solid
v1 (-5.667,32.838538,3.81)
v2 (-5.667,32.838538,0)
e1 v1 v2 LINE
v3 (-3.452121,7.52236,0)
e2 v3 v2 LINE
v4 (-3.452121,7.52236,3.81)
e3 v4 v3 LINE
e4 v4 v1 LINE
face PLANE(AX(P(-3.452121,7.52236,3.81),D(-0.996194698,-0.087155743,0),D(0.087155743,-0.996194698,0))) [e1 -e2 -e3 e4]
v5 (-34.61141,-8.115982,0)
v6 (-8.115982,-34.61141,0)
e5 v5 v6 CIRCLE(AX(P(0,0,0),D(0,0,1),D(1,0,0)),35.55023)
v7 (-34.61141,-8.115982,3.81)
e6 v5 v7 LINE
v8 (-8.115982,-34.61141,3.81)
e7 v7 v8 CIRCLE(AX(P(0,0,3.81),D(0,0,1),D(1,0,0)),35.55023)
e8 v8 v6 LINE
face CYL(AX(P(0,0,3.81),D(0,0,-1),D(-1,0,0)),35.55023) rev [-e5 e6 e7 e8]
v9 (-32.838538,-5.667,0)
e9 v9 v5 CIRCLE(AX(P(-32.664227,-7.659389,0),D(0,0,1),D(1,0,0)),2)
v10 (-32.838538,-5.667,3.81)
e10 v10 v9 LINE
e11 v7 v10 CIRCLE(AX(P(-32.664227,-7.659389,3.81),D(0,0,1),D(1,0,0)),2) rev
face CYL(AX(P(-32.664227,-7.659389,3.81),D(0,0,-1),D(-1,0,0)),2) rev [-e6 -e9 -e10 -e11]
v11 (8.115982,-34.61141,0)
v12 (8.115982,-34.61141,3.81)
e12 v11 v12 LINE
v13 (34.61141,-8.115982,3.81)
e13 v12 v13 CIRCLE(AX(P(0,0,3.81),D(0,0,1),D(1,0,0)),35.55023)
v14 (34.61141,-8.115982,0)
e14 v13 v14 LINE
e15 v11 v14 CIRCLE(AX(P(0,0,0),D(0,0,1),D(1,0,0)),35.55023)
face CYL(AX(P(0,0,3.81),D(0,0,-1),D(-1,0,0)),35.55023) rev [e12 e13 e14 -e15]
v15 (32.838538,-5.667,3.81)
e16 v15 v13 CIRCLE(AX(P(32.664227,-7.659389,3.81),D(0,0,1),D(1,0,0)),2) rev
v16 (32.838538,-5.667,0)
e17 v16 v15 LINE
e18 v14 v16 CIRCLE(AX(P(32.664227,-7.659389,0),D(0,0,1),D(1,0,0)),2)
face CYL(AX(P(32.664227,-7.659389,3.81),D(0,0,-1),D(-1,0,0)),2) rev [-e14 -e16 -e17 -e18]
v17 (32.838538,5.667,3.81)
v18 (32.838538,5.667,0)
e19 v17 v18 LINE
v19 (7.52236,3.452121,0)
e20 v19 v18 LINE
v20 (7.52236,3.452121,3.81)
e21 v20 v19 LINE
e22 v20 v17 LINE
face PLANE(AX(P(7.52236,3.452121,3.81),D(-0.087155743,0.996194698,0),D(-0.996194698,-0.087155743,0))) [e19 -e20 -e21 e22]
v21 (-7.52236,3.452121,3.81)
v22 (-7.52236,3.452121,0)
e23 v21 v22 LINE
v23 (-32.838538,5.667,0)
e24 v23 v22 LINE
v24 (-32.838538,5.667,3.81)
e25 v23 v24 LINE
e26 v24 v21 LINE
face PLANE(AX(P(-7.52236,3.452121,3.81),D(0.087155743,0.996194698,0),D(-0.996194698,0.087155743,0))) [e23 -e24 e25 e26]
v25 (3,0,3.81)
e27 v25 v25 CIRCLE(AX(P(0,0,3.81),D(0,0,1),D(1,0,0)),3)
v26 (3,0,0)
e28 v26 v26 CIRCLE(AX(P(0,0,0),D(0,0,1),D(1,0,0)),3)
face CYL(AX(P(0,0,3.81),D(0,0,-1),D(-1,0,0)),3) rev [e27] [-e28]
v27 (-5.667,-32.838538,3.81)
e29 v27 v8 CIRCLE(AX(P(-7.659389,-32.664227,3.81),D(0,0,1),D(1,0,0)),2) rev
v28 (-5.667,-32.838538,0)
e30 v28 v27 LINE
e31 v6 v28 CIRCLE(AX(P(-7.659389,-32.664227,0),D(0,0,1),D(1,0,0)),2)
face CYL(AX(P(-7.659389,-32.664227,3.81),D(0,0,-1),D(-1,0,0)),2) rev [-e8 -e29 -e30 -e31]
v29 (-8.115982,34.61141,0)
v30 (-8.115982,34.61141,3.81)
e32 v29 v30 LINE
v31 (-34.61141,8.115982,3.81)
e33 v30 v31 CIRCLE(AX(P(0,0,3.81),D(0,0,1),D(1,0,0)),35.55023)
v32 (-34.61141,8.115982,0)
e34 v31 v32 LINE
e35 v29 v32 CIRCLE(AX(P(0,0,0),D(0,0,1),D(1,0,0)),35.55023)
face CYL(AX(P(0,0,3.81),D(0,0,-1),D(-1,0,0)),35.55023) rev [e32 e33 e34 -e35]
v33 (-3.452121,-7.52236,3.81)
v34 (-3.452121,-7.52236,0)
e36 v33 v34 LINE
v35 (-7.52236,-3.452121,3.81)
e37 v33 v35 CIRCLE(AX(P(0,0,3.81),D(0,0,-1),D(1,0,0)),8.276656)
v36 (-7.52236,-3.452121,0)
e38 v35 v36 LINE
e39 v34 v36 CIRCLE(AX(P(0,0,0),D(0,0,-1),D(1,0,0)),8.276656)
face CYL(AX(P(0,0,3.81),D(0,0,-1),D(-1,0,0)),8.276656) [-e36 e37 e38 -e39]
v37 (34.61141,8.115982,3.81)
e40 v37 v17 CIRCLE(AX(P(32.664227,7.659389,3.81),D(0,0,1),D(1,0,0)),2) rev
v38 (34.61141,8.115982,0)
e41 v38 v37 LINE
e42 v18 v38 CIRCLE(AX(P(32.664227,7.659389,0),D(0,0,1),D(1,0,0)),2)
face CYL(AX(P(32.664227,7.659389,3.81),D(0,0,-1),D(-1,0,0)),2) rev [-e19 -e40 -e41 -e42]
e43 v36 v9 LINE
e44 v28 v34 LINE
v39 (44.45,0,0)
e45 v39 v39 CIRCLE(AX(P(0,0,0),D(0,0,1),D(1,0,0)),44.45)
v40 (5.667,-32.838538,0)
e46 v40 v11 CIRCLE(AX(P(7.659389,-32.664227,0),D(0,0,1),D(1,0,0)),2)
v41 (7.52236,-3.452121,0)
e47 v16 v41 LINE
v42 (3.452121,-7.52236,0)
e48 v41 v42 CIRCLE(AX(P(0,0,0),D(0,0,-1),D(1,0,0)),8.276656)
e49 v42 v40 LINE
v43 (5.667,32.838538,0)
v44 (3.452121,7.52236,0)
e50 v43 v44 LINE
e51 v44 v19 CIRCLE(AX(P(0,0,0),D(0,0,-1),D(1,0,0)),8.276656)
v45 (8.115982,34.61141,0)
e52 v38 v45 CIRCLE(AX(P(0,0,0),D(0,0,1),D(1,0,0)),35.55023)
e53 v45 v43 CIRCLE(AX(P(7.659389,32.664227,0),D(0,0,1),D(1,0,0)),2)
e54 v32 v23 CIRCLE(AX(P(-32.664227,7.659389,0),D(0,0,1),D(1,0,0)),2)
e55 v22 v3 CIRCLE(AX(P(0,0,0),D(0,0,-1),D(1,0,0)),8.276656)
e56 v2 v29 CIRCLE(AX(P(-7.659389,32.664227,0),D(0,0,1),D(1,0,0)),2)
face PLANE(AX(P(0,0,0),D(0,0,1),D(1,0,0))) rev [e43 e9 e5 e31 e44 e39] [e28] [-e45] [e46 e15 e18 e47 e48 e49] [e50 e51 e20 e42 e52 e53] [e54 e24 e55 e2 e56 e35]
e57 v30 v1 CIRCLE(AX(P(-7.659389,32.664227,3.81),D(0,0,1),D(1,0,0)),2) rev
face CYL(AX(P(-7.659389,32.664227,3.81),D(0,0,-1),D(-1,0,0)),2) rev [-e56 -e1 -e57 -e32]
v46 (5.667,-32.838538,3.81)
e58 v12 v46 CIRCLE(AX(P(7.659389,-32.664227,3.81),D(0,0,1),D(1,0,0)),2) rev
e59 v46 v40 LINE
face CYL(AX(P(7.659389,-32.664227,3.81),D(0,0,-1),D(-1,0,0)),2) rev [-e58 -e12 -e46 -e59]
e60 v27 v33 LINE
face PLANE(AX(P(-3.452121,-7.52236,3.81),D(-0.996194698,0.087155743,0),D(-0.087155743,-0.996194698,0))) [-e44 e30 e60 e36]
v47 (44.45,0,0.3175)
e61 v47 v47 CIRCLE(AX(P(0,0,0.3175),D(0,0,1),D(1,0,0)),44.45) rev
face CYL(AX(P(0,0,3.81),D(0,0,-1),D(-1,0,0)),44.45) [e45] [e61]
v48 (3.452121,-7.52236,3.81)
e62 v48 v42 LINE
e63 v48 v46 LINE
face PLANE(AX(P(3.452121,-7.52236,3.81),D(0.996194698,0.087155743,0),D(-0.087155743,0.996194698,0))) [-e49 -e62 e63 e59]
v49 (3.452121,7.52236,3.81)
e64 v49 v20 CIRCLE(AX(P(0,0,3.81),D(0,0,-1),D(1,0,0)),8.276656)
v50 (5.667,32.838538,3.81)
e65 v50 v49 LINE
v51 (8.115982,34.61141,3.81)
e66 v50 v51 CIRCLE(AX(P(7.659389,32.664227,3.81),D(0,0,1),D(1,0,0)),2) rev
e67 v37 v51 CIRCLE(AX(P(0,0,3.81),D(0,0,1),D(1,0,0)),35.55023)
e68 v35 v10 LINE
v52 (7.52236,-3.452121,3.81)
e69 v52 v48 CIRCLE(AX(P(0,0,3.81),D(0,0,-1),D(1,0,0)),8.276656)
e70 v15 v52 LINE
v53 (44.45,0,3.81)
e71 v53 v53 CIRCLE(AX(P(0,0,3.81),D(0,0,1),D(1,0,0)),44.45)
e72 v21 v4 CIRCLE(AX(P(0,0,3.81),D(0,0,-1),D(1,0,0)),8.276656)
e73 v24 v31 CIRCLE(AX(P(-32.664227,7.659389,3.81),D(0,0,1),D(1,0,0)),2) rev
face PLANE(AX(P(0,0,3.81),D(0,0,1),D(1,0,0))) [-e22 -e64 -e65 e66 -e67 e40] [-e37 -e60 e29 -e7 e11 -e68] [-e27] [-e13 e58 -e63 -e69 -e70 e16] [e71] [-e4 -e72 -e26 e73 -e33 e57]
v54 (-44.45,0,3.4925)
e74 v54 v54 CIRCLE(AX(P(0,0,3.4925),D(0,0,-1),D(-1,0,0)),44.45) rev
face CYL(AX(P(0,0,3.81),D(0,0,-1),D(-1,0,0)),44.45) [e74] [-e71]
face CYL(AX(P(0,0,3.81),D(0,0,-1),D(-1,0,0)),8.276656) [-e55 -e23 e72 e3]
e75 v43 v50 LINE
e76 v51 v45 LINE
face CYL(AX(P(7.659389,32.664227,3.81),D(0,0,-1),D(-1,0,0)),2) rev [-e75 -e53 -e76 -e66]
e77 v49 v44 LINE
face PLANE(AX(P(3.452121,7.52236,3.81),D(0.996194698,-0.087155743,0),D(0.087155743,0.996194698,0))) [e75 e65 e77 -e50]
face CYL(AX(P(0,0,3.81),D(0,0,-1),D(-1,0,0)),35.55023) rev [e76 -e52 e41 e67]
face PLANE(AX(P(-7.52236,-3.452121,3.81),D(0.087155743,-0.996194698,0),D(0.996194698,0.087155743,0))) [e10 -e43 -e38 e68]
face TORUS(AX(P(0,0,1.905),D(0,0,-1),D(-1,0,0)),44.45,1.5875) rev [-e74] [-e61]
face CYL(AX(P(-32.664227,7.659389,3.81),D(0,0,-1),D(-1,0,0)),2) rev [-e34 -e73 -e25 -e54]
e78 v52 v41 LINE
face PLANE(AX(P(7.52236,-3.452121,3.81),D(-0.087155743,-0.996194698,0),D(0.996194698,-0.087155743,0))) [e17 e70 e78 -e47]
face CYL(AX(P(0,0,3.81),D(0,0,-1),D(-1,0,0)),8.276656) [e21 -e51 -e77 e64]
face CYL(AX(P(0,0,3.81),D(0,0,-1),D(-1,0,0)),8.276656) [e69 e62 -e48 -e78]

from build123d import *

# Parameters (mm, degrees)
SKETCH1_R           = 44.45
SKETCH1_R_2         = 3
BOSS_EXTRUDE1_DEPTH = 3.81
FILLET1_R           = 2
FILLET2_R           = 2
SKETCH3_R           = 1.5875


with BuildPart() as part:
    # Sketch1 → Boss-Extrude1 (new body)
    with BuildSketch(Plane.XY):
        Circle(SKETCH1_R)
        Circle(SKETCH1_R_2, mode=Mode.SUBTRACT)
        with BuildLine():
            Line((7.52236, -3.452121223), (35.063651683, -5.861672024))
            ThreePointArc((35.063651683, -5.861672024), (25.137808857, -25.137808857), (5.861672024, -35.063651683))
            Line((5.861672024, -35.063651683), (3.452121223, -7.52236))
            ThreePointArc((3.452121223, -7.52236), (5.852479855, -5.852479855), (7.52236, -3.452121223))
        make_face(mode=Mode.SUBTRACT)
        with BuildLine():
            Line((3.452121223, 7.52236), (5.861672024, 35.063651683))
            ThreePointArc((5.861672024, 35.063651683), (25.137808857, 25.137808857), (35.063651683, 5.861672024))
            Line((35.063651683, 5.861672024), (7.52236, 3.452121223))
            ThreePointArc((7.52236, 3.452121223), (5.852479855, 5.852479855), (3.452121223, 7.52236))
        make_face(mode=Mode.SUBTRACT)
        with BuildLine():
            Line((-3.452121223, 7.52236), (-5.861672024, 35.063651683))
            ThreePointArc((-5.861672024, 35.063651683), (-25.137808857, 25.137808857), (-35.063651683, 5.861672024))
            Line((-35.063651683, 5.861672024), (-7.52236, 3.452121223))
            ThreePointArc((-7.52236, 3.452121223), (-5.852479855, 5.852479855), (-3.452121223, 7.52236))
        make_face(mode=Mode.SUBTRACT)
        with BuildLine():
            Line((-3.452121223, -7.52236), (-5.861672024, -35.063651683))
            ThreePointArc((-5.861672024, -35.063651683), (-25.137808857, -25.137808857), (-35.063651683, -5.861672024))
            Line((-35.063651683, -5.861672024), (-7.52236, -3.452121223))
            ThreePointArc((-7.52236, -3.452121223), (-5.852479855, -5.852479855), (-3.452121223, -7.52236))
        make_face(mode=Mode.SUBTRACT)
    extrude(amount=BOSS_EXTRUDE1_DEPTH)

    # Fillet1
    fillet1_edges = [part.edges().sort_by_distance(p)[0] for p in [
        (35.063651683, -5.861672024, 1.905),
        (35.063651683, 5.861672024, 1.905),
    ]]
    fillet(fillet1_edges, radius=FILLET1_R)

    # Fillet2
    fillet2_edges = [part.edges().sort_by_distance(p)[0] for p in [
        (5.861672024, -35.063651683, 1.905),
        (-35.063651683, -5.861672024, 1.905),
        (-5.861672024, -35.063651683, 1.905),
        (5.861672024, 35.063651683, 1.905),
        (-5.861672024, 35.063651683, 1.905),
        (-35.063651683, 5.861672024, 1.905),
    ]]
    fillet(fillet2_edges, radius=FILLET2_R)

    # Sketch3 → Cut-Revolve1 (revolve, cut)
    with BuildSketch(Plane(origin=(0, 0, 0), x_dir=(1, 0, 0), z_dir=(0, 1, 0))):
        with Locations((-44.45, -1.905)):
            Circle(SKETCH3_R)
    revolve(axis=Axis((0, 0, 0), (0, 0, 1)), mode=Mode.SUBTRACT)


solid = part.part
